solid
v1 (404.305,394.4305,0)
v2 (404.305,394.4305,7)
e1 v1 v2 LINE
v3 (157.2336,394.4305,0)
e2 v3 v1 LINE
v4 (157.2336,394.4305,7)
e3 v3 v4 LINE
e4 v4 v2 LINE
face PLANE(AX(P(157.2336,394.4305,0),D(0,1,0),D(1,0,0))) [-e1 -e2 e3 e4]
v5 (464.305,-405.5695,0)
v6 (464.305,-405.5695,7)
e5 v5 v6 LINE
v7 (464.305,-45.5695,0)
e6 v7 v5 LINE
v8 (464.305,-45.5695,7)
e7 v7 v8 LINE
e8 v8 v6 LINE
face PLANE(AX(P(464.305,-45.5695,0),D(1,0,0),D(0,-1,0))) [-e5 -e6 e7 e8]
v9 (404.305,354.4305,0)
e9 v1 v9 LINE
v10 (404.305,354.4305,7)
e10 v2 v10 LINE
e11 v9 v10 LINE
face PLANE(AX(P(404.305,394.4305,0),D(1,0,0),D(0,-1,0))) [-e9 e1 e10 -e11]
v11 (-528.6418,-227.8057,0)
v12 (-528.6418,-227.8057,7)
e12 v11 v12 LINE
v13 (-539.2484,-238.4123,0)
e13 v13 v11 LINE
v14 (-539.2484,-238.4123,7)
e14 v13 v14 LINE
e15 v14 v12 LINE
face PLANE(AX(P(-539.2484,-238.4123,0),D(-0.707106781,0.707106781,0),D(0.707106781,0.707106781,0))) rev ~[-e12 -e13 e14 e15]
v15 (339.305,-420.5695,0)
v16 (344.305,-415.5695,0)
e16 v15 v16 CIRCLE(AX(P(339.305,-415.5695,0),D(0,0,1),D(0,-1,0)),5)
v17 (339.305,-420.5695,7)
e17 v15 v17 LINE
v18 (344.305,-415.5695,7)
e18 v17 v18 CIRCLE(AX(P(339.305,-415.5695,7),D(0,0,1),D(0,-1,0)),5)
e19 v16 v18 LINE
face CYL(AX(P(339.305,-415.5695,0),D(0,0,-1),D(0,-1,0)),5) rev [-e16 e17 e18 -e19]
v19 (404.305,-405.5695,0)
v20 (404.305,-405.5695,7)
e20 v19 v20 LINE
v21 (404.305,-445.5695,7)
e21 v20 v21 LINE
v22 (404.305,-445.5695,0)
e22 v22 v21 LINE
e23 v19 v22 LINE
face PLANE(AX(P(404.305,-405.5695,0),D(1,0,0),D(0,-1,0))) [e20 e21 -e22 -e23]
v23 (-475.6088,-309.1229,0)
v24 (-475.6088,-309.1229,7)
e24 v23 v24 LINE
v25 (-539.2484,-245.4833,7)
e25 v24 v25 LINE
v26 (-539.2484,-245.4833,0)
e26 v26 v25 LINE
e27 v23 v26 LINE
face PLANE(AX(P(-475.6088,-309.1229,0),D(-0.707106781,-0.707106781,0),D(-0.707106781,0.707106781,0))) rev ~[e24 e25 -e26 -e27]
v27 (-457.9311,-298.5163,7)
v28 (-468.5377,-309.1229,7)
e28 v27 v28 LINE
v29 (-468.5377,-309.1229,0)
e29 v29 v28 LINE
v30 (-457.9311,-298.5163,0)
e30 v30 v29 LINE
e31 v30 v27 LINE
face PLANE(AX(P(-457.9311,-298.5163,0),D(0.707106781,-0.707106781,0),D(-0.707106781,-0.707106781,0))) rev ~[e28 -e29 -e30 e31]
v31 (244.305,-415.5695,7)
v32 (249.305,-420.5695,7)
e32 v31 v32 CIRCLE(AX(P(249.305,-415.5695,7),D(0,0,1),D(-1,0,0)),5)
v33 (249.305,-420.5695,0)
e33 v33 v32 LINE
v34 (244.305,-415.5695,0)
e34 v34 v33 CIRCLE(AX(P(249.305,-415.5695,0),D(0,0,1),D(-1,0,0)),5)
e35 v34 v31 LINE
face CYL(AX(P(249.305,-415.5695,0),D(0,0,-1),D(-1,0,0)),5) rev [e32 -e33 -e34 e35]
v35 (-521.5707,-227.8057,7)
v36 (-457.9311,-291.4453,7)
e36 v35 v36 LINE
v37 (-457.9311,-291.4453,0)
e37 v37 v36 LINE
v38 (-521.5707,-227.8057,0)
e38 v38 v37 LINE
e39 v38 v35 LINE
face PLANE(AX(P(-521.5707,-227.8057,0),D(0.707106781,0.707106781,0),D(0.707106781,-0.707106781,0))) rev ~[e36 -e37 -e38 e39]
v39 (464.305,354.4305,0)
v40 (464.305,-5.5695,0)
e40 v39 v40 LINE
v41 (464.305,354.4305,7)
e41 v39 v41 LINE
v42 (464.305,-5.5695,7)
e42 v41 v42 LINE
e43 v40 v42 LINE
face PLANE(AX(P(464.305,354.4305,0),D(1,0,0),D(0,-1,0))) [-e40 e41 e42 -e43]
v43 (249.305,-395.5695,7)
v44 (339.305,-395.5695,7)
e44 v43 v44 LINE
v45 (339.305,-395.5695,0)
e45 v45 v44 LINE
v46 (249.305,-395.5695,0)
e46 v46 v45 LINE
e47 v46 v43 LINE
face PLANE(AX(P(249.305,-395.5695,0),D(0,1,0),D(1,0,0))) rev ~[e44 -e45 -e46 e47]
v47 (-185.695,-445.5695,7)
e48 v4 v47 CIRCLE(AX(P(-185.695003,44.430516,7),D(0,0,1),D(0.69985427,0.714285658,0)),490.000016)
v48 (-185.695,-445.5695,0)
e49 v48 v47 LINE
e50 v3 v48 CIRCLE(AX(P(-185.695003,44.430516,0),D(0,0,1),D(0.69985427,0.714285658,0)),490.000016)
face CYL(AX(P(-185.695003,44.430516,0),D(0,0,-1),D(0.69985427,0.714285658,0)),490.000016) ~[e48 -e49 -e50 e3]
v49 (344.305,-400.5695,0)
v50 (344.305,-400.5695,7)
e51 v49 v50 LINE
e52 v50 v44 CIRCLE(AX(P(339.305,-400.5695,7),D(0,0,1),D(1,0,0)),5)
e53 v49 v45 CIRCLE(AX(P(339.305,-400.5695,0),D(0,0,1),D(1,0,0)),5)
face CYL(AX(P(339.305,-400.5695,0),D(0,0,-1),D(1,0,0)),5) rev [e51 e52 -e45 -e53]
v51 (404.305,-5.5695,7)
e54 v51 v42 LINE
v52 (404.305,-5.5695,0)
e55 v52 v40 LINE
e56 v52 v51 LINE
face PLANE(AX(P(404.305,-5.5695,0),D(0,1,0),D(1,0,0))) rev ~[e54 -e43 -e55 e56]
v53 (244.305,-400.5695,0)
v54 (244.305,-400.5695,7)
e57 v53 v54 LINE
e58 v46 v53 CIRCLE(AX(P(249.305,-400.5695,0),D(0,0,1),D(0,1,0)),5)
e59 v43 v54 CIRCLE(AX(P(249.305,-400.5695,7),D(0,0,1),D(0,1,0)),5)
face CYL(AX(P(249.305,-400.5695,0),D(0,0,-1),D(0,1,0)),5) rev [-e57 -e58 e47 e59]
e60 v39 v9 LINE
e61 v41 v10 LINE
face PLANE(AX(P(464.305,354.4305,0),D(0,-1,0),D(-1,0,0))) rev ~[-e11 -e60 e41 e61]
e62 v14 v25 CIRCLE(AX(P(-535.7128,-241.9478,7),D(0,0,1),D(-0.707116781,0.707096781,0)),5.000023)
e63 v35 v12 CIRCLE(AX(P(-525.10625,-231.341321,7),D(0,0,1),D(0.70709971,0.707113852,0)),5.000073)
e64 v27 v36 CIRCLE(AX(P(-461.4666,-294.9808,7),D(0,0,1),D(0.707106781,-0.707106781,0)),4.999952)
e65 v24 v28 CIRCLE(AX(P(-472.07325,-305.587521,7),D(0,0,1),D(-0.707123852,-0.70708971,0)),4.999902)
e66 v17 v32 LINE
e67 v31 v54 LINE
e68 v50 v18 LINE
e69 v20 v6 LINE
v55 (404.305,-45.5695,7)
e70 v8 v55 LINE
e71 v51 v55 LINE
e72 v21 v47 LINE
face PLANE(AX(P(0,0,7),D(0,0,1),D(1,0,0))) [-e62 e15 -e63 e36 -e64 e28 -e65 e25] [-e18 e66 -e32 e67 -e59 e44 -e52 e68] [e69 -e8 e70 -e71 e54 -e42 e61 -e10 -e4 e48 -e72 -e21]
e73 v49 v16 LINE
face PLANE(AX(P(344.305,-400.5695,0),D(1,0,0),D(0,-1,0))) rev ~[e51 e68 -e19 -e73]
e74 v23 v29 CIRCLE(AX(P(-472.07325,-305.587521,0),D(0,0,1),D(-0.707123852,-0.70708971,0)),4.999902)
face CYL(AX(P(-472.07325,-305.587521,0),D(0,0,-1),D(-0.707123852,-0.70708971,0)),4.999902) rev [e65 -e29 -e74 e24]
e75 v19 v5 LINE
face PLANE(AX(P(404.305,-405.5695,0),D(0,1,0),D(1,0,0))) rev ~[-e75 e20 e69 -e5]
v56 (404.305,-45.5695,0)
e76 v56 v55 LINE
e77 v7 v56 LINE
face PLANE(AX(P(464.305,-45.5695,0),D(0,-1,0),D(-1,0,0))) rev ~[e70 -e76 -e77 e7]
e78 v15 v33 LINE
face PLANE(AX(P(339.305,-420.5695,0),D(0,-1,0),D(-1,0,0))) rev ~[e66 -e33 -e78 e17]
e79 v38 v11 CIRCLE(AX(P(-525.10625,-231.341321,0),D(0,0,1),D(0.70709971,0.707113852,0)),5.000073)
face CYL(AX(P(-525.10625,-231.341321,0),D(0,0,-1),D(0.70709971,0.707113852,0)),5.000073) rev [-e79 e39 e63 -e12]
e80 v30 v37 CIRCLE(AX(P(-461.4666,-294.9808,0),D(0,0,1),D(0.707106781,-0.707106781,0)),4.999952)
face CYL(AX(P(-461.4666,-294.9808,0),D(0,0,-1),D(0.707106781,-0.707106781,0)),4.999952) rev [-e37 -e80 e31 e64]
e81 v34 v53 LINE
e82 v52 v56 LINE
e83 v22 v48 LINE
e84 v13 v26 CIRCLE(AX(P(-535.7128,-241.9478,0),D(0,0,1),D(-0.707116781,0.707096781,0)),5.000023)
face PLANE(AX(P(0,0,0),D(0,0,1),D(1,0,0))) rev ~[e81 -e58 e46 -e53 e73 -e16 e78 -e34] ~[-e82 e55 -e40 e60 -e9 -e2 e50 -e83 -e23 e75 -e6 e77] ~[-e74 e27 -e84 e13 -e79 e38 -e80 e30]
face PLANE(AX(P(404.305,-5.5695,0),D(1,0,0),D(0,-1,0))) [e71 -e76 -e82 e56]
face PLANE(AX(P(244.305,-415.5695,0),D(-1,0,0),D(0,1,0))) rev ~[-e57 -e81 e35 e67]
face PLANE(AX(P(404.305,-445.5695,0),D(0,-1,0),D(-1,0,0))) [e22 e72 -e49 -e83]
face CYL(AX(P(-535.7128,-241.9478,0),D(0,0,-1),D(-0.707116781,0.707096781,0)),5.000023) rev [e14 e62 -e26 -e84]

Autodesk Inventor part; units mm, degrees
ref_plane "YZ Plane" through (0, 0, 0) normal (1, 0, 0) x (0, 1, 0)
ref_plane "XZ Plane" through (0, 0, 0) normal (0, 1, 0) x (-1, 0, 0)
ref_plane "XY Plane" through (0, 0, 0) normal (0, 0, 1) x (1, 0, 0)
ref_plane "Work Plane1" through (0, 0, 0) normal (0, 0, 1) x (1, 0, 0)
sketch "Sketch1" plane through (0, 0, 0) normal (0, 0, 1) x (1, 0, 0)
  arc A0 (157.2336, 394.4305) -> (-185.695, -445.5695) centre (-185.695, 44.4305) ccw construction
  line L0 (404.305, 394.4305) -> (404.305, 354.4305) construction
  line L1 (404.305, 354.4305) -> (524.305, 354.4305) construction
  line L2 (524.305, -5.5695) -> (404.305, -5.5695) construction
  line L3 (404.305, -5.5695) -> (404.305, -45.5695) construction
  line L4 (404.305, -45.5695) -> (524.305, -45.5695) construction
  line L5 (404.305, -405.5695) -> (404.305, -445.5695) construction
  line L6 (524.305, -405.5695) -> (404.305, -405.5695) construction
  line L7 (-185.695, -445.5695) -> (464.305, -445.5695) construction
  line L8 (404.305, 394.4305) -> (404.305, 354.4305)
  line L9 (464.305, 354.4305) -> (404.305, 354.4305)
  line L10 (404.305, -5.5695) -> (464.305, -5.5695)
  line L11 (404.305, -5.5695) -> (404.305, -45.5695)
  line L12 (464.305, -45.5695) -> (404.305, -45.5695)
  line L13 (404.305, -405.5695) -> (464.305, -405.5695)
  line L14 (404.305, -405.5695) -> (404.305, -445.5695)
  line L15 (464.305, 354.4305) -> (464.305, -5.5695)
  line L16 (464.305, -45.5695) -> (464.305, -405.5695)
  line L17 (404.305, -445.5695) -> (-185.695, -445.5695)
  line L18 (157.2336, 394.4305) -> (404.305, 394.4305)
  arc A1 (157.2336, 394.4305) -> (-185.695, -445.5695) centre (-185.695, 44.4305) ccw
  arc A2 (-521.5707, -227.8057) -> (-528.6418, -227.8057) centre (-525.1062, -231.3412) ccw projected
  line L19 (-539.2484, -238.4123) -> (-528.6418, -227.8057) projected
  arc A3 (-539.2484, -238.4123) -> (-539.2484, -245.4833) centre (-535.7128, -241.9478) ccw projected
  line L20 (-475.6088, -309.1229) -> (-539.2484, -245.4833) projected
  line L21 (-521.5707, -227.8057) -> (-457.9311, -291.4453) projected
  arc A4 (-457.9311, -298.5163) -> (-457.9311, -291.4453) centre (-461.4666, -294.9808) ccw projected
  arc A5 (-475.6088, -309.1229) -> (-468.5377, -309.1229) centre (-472.0732, -305.5874) ccw projected
  line L22 (-457.9311, -298.5163) -> (-468.5377, -309.1229) projected
  line L23 (249.305, -395.5695) -> (339.305, -395.5695) projected
  arc A6 (344.305, -400.5695) -> (339.305, -395.5695) centre (339.305, -400.5695) ccw projected
  line L24 (344.305, -400.5695) -> (344.305, -415.5695) projected
  arc A7 (339.305, -420.5695) -> (344.305, -415.5695) centre (339.305, -415.5695) ccw projected
  line L25 (339.305, -420.5695) -> (249.305, -420.5695) projected
  arc A8 (244.305, -415.5695) -> (249.305, -420.5695) centre (249.305, -415.5695) ccw projected
  line L26 (244.305, -415.5695) -> (244.305, -400.5695) projected
  arc A9 (249.305, -395.5695) -> (244.305, -400.5695) centre (249.305, -400.5695) ccw projected
  point P0 (0, 0)
extrude "Extrusion1" add sketch "Sketch1" along normal blind 7
properties part number "Foam_Right"
